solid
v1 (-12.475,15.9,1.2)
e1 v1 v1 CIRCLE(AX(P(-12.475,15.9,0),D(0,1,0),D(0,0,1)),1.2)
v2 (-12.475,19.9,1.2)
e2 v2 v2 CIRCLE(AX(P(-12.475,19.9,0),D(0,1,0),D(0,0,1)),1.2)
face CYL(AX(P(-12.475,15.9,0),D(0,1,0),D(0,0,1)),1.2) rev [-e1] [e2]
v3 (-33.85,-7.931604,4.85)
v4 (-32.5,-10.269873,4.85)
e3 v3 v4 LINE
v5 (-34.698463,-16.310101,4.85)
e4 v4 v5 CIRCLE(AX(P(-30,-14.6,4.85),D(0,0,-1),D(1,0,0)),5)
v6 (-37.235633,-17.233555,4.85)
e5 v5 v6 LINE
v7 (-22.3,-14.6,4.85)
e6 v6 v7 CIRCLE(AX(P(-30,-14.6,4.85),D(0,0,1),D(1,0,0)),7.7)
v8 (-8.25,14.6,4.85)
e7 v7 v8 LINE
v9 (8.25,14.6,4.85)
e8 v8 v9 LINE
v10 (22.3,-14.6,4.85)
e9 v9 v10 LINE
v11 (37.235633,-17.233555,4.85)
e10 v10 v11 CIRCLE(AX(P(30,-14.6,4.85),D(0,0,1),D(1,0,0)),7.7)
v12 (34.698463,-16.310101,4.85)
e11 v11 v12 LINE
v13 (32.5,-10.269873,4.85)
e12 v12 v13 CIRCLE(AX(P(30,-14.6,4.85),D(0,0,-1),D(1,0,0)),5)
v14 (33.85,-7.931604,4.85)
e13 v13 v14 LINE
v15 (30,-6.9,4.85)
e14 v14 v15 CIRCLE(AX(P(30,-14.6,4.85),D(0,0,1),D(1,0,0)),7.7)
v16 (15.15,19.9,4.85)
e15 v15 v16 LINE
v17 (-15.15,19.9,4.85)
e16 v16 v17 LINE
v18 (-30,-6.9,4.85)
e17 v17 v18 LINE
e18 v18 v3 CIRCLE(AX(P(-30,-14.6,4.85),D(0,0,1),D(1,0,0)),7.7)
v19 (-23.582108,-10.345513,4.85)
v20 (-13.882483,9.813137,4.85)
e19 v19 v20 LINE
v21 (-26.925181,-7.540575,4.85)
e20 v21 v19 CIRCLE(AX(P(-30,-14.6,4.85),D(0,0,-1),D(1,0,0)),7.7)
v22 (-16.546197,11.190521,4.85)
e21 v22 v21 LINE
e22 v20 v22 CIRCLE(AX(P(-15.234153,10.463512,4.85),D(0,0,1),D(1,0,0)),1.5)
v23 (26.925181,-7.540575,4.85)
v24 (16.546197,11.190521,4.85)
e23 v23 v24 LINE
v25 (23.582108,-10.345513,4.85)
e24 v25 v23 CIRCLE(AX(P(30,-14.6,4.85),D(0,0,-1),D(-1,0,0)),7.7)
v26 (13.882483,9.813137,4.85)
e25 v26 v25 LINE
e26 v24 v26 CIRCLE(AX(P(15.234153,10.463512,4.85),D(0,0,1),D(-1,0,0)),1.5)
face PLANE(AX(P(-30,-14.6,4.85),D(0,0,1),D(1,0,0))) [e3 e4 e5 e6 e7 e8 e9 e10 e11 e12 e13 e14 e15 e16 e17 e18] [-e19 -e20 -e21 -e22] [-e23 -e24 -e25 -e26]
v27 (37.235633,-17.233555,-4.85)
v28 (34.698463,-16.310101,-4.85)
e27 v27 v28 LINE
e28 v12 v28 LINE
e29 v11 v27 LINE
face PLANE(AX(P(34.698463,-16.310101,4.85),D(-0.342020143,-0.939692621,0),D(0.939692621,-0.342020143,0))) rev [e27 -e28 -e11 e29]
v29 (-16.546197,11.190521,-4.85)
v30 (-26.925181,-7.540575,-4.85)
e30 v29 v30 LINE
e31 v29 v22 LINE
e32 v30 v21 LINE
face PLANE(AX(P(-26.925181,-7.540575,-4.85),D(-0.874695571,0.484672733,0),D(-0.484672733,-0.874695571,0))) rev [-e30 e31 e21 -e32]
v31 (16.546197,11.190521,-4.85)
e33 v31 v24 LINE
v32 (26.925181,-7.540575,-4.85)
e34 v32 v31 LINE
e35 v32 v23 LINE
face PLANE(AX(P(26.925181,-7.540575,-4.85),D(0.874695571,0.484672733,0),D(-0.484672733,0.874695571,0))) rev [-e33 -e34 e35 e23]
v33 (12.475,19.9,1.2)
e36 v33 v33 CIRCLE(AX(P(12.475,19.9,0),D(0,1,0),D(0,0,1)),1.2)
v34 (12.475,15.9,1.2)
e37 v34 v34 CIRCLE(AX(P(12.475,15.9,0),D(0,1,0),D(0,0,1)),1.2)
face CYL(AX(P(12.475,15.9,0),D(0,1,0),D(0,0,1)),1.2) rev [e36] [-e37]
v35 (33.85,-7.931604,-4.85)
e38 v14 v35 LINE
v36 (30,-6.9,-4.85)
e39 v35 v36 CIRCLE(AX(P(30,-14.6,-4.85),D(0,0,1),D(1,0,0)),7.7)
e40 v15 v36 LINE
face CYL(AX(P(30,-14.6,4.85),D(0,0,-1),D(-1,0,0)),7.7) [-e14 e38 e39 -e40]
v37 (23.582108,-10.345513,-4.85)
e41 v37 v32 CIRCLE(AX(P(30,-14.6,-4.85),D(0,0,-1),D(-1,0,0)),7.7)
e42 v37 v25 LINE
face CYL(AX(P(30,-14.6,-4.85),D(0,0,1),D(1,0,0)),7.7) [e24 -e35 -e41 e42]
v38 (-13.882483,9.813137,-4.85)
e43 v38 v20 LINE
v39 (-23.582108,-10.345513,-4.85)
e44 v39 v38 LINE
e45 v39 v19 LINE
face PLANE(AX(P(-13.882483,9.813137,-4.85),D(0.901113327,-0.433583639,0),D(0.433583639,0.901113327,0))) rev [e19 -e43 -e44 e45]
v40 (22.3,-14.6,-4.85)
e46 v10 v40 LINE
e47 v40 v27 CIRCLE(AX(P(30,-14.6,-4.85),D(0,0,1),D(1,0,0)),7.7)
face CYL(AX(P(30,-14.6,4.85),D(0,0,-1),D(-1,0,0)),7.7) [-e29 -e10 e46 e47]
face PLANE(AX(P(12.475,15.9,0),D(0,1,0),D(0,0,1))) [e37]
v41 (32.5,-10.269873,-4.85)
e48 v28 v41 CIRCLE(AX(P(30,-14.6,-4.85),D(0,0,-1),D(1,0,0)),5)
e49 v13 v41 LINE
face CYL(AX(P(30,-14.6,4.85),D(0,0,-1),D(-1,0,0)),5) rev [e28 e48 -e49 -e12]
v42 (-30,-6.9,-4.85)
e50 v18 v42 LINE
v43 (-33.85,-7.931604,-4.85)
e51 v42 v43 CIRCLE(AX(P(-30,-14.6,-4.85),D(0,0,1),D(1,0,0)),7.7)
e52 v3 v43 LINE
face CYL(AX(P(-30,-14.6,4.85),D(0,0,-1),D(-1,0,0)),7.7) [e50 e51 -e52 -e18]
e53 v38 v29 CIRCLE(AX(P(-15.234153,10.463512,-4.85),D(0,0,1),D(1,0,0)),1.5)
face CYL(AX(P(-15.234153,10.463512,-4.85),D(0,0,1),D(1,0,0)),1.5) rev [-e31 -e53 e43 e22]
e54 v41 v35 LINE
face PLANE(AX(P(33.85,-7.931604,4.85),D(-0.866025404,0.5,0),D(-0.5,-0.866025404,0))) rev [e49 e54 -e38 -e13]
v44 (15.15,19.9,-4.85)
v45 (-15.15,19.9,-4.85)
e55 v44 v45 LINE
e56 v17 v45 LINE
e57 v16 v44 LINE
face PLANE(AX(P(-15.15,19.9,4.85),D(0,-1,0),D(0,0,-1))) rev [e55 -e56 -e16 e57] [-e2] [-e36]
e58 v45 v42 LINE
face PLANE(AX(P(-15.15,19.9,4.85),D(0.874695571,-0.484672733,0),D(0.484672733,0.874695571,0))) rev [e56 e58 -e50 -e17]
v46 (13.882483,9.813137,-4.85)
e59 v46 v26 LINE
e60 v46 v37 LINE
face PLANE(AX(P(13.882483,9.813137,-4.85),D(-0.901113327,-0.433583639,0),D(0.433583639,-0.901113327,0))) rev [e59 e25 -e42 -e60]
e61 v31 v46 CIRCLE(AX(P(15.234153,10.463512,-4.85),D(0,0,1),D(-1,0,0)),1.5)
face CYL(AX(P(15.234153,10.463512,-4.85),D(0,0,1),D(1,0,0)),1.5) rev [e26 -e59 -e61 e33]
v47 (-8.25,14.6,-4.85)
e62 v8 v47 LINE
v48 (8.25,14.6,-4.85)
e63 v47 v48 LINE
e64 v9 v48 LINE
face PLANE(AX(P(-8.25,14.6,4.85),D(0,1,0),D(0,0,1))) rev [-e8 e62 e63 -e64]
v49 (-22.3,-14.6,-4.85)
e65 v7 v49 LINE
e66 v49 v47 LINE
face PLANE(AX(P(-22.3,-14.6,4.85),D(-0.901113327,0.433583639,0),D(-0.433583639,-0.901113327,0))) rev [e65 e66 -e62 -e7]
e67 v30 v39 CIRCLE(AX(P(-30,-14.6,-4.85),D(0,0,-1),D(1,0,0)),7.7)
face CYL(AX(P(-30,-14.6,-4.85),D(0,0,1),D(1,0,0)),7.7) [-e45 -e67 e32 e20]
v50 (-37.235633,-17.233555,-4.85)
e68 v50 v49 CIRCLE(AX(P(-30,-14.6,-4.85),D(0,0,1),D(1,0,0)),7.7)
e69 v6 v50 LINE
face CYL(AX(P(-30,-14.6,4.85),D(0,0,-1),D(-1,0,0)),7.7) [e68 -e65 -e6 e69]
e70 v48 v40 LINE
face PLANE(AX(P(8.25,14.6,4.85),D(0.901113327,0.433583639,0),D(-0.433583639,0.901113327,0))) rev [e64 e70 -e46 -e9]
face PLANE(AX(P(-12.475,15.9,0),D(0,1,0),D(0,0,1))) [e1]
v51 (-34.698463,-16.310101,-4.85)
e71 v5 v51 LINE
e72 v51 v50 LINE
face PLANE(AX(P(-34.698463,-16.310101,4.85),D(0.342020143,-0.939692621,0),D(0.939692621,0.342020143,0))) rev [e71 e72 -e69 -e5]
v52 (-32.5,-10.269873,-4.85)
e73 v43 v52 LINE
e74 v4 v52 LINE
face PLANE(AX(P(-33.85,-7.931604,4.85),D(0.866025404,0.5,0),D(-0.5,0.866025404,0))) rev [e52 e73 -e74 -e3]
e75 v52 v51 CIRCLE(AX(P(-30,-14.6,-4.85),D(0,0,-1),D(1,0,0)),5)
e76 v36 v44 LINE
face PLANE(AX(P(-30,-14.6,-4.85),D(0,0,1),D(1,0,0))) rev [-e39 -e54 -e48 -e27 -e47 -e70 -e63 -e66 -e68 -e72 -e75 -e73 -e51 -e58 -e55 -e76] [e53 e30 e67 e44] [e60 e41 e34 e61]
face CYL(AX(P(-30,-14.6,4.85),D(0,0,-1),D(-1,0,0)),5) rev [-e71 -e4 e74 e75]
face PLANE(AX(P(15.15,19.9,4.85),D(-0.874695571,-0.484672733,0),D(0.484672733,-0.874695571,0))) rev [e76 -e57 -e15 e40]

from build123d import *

# Parameters (mm, degrees)
BOSS_EXTRUDE1_DEPTH     = 4.85
CUT_EXTRUDE1_DEPTH      = 44.672701752
CUT_EXTRUDE1_DEPTH_BACK = 44.672701752
SKETCH3_R               = 1.2
CUT_EXTRUDE2_DEPTH      = 4


with BuildPart() as part:
    # Sketch1 → Boss-Extrude1 (new, symmetric)
    with BuildSketch(Plane.XY):
        with BuildLine():
            Line((-15.15, 19.9), (15.15, 19.9))
            Line((15.15, 19.9), (30, -6.9))
            ThreePointArc((30, -6.9), (31.992906647, -7.162371138), (33.85, -7.931604391))
            Line((33.85, -7.931604391), (32.5, -10.269872981))
            ThreePointArc((32.5, -10.269872981), (25.301536896, -16.310100717), (34.698463104, -16.310100717))
            Line((34.698463104, -16.310100717), (37.23563318, -17.233555104))
            ThreePointArc((37.23563318, -17.233555104), (28.662909032, -22.183019698), (22.3, -14.6))
            Line((22.3, -14.6), (8.25, 14.6))
            Line((8.25, 14.6), (-8.25, 14.6))
            Line((-8.25, 14.6), (-22.3, -14.6))
            ThreePointArc((-22.3, -14.6), (-28.662909032, -22.183019698), (-37.23563318, -17.233555104))
            Line((-37.23563318, -17.233555104), (-34.698463104, -16.310100717))
            ThreePointArc((-34.698463104, -16.310100717), (-25.301536896, -16.310100717), (-32.5, -10.269872981))
            Line((-32.5, -10.269872981), (-33.85, -7.931604391))
            ThreePointArc((-33.85, -7.931604391), (-31.992906647, -7.162371138), (-30, -6.9))
            Line((-30, -6.9), (-15.15, 19.9))
        make_face()
    extrude(amount=BOSS_EXTRUDE1_DEPTH, both=True)

    # Sketch2 → Cut-Extrude1 (cut, two sides: drawn at the far end of the back side and taken through both)
    with BuildSketch(Plane.XY.offset(-CUT_EXTRUDE1_DEPTH_BACK)):
        with BuildLine():
            Line((-26.925180599, -7.540574694), (-16.546196528, 11.190521138))
            ThreePointArc((-16.546196528, 11.190521138), (-14.545175942, 11.795919776), (-13.88248318, 9.813136581))
            Line((-13.88248318, 9.813136581), (-23.582107554, -10.345513363))
            ThreePointArc((-23.582107554, -10.345513363), (-25.050776345, -8.701255624), (-26.925180599, -7.540574694))
        make_face()
        with BuildLine():
            Line((13.88248318, 9.813136581), (23.582107554, -10.345513363))
            ThreePointArc((23.582107554, -10.345513363), (25.050776345, -8.701255624), (26.925180599, -7.540574694))
            Line((26.925180599, -7.540574694), (16.546196528, 11.190521138))
            ThreePointArc((16.546196528, 11.190521138), (14.545175942, 11.795919776), (13.88248318, 9.813136581))
        make_face()
    extrude(amount=CUT_EXTRUDE1_DEPTH + CUT_EXTRUDE1_DEPTH_BACK, mode=Mode.SUBTRACT)

    # Sketch3 → Cut-Extrude2 (cut)
    with BuildSketch(Plane(origin=(0, 19.9, 0), x_dir=(1, 0, 0), z_dir=(0, 1, 0))):
        with Locations(Location((-12.475, 0, 0), (0, 0, 270))):
            Circle(SKETCH3_R)
        with Locations(Location((12.475, 0, 0), (0, 0, 270))):
            Circle(SKETCH3_R)
    extrude(amount=-CUT_EXTRUDE2_DEPTH, mode=Mode.SUBTRACT)


solid = part.part
